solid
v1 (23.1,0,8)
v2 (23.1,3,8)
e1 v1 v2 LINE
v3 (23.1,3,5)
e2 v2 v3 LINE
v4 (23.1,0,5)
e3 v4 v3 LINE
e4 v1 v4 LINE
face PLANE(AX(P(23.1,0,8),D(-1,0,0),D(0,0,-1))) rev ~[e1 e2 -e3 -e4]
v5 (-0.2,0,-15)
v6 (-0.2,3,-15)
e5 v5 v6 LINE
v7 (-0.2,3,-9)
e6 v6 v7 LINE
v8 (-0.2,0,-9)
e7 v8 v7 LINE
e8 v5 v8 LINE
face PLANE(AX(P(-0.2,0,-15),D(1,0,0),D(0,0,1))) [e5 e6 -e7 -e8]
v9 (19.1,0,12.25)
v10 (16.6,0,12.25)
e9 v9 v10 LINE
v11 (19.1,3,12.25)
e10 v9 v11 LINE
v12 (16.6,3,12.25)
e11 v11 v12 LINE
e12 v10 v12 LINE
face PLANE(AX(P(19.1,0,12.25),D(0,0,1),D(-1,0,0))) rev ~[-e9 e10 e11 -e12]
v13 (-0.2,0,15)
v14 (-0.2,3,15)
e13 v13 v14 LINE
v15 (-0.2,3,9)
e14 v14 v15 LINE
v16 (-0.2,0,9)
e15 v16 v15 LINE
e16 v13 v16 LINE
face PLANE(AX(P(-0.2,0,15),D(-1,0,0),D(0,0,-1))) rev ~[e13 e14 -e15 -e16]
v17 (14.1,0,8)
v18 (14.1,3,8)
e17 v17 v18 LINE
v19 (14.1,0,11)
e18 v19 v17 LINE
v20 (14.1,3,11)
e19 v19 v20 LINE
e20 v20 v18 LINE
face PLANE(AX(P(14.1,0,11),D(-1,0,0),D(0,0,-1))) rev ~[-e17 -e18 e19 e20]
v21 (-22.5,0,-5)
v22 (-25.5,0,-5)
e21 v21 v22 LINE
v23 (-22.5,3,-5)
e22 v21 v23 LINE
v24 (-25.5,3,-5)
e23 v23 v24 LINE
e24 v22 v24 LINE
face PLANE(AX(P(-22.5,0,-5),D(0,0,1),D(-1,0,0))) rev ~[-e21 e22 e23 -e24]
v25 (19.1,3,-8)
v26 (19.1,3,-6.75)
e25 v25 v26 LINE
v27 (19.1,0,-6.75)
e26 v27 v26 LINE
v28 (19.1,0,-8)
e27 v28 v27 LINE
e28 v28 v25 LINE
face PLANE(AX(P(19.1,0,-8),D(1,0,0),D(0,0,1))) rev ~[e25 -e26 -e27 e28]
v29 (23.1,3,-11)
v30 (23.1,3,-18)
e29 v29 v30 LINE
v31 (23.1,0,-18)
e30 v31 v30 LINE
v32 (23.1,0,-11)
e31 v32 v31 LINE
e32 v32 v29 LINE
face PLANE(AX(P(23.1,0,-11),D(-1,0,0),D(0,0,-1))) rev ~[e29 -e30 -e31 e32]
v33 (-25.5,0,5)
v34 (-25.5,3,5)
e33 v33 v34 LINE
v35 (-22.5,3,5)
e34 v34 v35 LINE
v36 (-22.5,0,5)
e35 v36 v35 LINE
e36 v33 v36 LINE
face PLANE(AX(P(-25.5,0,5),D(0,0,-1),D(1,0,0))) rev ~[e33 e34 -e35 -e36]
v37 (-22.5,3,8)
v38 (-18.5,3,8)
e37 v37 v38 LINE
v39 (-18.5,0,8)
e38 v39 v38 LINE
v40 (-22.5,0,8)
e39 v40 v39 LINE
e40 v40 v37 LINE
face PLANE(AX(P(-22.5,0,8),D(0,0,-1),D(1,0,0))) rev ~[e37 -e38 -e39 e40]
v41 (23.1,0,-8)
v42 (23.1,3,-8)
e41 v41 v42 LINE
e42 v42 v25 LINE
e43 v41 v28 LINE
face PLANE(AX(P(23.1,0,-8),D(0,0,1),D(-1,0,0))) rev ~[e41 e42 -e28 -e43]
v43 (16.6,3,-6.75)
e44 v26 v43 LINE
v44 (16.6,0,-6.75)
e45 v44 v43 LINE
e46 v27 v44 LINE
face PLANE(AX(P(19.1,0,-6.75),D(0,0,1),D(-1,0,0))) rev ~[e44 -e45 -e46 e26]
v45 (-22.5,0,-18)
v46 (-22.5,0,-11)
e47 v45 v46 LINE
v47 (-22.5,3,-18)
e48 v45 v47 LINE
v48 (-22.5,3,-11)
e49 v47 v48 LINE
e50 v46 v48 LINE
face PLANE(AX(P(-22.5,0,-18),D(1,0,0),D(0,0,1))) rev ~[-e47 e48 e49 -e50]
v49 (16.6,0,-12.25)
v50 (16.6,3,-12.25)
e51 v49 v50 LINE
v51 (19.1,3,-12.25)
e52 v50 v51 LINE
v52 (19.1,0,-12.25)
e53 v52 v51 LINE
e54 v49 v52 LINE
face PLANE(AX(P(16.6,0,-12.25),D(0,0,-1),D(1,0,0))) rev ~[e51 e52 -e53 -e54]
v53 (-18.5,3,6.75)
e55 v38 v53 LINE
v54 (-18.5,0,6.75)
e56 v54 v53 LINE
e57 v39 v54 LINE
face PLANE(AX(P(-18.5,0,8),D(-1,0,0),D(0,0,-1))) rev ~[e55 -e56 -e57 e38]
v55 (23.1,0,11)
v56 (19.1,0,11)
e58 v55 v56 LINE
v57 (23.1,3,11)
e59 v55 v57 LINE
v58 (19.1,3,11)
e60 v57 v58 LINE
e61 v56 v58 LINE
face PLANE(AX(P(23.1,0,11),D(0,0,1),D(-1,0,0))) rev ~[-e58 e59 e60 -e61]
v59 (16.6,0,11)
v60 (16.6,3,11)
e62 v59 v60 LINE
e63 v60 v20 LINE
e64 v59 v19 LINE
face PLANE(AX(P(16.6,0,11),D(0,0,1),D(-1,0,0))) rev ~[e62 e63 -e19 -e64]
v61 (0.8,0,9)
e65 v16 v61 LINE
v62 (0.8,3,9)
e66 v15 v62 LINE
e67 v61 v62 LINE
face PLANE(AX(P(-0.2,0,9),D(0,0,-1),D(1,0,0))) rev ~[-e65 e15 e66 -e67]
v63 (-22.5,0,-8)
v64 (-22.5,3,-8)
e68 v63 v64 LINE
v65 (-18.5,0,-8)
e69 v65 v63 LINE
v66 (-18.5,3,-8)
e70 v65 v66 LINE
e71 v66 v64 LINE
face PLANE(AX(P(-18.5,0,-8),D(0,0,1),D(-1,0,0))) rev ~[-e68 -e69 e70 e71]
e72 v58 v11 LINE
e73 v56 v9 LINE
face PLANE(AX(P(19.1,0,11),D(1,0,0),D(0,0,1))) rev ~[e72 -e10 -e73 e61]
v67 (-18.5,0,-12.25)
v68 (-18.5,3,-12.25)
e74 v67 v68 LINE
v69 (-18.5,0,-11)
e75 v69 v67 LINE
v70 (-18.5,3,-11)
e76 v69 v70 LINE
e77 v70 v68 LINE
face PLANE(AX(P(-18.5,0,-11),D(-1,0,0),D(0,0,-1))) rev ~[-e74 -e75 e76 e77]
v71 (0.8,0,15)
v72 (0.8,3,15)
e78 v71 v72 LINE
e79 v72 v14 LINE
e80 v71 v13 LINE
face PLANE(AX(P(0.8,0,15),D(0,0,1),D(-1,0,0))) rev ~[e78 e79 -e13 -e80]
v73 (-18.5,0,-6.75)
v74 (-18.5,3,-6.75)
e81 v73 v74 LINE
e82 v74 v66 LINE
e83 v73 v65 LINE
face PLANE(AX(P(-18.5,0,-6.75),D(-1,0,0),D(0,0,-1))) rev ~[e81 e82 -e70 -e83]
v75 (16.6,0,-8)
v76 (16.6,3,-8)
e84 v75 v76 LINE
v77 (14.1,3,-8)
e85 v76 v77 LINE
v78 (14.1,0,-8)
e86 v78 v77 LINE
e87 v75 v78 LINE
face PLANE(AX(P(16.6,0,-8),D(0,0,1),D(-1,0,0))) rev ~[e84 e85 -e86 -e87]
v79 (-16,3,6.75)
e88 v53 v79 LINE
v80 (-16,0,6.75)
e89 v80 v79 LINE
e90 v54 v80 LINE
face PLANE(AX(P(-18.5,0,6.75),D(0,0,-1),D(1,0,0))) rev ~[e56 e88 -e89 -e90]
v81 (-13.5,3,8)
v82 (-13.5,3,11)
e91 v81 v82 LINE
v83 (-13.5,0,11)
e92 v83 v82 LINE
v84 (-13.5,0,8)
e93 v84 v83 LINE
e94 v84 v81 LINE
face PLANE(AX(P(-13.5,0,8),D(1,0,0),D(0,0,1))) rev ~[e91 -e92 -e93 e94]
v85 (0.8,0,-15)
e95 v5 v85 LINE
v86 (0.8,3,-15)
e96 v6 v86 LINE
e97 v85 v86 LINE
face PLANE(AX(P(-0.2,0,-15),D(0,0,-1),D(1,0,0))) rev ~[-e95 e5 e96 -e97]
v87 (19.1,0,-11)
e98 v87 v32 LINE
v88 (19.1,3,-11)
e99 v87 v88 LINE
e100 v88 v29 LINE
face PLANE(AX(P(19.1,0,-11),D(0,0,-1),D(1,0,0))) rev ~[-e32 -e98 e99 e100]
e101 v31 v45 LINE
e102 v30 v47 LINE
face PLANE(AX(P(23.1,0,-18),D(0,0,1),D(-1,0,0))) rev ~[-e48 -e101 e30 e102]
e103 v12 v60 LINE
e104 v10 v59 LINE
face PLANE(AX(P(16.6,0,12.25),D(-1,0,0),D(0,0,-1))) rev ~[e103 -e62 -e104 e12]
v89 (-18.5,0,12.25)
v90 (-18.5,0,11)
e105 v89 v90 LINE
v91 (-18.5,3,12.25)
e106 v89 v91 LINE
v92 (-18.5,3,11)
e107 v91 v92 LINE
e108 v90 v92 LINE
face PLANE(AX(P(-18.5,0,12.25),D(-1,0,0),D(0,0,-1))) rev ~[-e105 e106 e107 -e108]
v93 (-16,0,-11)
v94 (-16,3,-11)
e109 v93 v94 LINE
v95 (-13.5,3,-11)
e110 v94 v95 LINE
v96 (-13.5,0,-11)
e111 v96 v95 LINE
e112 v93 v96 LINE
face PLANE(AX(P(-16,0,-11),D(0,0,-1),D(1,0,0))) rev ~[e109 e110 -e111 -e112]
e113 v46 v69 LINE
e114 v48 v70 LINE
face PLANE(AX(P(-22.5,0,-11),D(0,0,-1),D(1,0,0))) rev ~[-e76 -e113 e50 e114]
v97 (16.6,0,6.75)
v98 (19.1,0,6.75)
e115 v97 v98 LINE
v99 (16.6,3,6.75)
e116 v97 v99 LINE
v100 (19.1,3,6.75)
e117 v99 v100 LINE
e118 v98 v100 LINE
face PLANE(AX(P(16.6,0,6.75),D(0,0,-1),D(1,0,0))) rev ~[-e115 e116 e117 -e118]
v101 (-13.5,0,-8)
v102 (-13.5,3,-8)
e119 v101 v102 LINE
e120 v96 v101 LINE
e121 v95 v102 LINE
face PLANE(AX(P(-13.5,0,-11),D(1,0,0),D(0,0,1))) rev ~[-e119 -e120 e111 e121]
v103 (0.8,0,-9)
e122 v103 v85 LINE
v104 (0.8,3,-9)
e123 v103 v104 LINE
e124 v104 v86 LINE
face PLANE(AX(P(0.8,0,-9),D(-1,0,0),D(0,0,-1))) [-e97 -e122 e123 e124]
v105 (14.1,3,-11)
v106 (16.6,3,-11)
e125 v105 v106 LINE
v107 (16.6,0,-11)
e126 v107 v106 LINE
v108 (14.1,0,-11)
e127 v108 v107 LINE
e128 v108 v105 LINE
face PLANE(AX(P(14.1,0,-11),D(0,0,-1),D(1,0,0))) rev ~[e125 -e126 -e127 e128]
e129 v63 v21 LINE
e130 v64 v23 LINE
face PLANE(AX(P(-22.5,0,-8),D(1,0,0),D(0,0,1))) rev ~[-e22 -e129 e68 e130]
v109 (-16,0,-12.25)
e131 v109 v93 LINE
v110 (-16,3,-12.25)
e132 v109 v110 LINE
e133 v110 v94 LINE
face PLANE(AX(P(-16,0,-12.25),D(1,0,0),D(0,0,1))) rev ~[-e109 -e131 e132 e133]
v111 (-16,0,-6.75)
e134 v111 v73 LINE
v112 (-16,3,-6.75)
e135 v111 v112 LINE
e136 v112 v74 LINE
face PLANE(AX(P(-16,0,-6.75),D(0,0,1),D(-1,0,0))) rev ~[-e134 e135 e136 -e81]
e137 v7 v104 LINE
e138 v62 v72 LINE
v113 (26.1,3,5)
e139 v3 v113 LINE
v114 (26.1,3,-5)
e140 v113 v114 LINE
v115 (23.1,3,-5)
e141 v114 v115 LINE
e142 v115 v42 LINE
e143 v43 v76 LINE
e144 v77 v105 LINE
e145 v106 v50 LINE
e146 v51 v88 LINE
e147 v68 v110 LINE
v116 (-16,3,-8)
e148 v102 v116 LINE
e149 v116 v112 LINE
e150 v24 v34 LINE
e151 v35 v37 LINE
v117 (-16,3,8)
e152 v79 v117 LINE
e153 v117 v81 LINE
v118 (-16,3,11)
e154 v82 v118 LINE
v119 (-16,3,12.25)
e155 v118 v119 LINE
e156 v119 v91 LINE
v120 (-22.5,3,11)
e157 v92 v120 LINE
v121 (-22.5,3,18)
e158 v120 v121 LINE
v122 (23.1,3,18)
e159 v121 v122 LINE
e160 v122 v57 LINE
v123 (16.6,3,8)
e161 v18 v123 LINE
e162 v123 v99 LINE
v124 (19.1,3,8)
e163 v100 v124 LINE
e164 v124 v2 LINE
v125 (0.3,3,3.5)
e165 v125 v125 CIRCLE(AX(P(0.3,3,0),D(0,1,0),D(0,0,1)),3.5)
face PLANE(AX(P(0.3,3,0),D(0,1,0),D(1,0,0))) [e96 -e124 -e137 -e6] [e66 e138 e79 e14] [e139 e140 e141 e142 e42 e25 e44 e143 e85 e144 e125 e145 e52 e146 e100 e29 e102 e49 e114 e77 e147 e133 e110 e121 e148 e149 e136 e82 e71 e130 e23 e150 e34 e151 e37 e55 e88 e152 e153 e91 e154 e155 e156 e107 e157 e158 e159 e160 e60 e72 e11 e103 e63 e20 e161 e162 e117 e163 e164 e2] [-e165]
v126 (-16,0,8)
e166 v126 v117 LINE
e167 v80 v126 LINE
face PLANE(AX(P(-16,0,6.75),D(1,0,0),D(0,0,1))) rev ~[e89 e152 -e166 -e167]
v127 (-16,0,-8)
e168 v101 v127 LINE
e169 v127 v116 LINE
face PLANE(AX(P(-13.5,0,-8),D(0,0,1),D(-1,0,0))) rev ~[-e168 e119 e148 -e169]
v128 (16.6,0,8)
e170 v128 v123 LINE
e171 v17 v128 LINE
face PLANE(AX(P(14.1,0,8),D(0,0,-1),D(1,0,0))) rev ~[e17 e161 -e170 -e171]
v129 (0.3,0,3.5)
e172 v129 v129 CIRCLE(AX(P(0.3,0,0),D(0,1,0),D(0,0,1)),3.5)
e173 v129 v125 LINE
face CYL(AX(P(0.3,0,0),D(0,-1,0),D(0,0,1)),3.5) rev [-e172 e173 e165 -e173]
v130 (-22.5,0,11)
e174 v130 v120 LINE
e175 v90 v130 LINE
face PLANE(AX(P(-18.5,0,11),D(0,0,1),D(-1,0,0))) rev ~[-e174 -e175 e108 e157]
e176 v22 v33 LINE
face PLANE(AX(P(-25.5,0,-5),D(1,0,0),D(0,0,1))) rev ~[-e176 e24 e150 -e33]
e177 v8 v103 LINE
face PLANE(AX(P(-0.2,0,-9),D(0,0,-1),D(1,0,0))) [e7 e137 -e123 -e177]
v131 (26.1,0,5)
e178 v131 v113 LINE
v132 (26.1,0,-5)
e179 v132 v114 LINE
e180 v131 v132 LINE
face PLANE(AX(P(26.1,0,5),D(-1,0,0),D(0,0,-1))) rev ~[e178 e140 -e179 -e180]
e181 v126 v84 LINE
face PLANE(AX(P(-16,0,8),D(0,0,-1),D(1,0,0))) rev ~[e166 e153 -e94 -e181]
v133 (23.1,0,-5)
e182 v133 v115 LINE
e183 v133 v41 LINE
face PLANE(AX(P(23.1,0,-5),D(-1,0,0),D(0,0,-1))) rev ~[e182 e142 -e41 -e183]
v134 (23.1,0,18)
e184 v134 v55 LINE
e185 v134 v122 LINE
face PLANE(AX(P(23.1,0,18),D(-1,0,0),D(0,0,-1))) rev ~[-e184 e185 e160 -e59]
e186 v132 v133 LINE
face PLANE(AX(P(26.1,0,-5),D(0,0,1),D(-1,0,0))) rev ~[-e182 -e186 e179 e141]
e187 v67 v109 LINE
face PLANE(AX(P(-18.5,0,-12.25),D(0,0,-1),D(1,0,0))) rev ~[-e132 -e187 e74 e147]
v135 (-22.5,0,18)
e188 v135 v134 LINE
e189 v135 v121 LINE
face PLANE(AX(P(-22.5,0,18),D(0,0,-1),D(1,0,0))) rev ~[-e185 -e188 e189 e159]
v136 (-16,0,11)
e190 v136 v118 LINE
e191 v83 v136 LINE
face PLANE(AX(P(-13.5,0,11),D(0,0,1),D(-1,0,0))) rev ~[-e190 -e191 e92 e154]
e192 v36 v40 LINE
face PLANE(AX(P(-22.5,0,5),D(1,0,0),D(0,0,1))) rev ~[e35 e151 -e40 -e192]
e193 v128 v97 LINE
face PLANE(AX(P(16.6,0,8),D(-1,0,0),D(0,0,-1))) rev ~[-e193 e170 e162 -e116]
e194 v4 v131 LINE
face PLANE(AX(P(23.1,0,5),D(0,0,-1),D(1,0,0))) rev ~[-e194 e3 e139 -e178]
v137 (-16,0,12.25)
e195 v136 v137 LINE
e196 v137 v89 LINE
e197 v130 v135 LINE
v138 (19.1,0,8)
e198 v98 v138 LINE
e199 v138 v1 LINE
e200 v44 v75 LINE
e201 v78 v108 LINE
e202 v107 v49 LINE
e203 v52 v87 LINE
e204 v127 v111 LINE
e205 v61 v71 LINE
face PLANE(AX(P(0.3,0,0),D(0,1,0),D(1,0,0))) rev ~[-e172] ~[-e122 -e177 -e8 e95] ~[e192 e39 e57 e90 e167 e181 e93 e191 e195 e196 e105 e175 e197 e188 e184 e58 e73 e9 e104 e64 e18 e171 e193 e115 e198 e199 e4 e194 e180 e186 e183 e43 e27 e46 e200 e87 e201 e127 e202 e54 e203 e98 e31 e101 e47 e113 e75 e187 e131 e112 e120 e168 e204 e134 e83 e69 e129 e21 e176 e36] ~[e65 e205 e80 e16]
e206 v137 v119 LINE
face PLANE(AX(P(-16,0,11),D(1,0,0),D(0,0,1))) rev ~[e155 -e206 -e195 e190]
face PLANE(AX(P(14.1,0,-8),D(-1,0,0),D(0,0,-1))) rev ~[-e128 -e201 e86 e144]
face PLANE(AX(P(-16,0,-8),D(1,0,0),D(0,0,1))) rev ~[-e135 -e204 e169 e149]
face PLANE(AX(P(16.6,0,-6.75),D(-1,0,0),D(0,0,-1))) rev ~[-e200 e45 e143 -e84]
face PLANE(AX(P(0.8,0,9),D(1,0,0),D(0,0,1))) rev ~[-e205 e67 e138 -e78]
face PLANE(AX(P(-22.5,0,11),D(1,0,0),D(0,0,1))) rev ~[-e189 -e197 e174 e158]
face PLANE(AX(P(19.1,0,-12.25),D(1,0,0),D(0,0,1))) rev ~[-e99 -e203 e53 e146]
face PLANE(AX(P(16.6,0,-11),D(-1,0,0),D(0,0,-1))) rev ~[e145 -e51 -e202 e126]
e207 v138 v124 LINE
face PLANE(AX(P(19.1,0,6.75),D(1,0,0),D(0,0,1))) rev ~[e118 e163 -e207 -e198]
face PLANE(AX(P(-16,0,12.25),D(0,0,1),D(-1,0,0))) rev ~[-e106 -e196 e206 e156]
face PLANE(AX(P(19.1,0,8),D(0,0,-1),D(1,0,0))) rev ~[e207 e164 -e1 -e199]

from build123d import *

# Parameters (mm, degrees)
ESBO_O4_R                = 3.5
RESSALTO_EXTRUS_O1_DEPTH = 3


with BuildPart() as part:
    # Esboço4 → Ressalto-extrusão1 (new body)
    with BuildSketch(Plane(origin=(0, 0, 0), x_dir=(1, 0, 0), z_dir=(0, 1, 0))):
        Polygon((19.1, 6.75), (16.6, 6.75), (16.6, 8), (14.1, 8), (14.1, 11), (16.6, 11), (16.6, 12.25), (19.1, 12.25), (19.1, 11), (23.1, 11), (23.1, 18), (-0.5, 18), (-22.5, 18), (-22.5, 11), (-18.5, 11), (-18.5, 12.25), (-16, 12.25), (-16, 11), (-13.5, 11), (-13.5, 8), (-16, 8), (-16, 6.75), (-18.5, 6.75), (-18.5, 8), (-22.5, 8), (-22.5, 5), (-25.5, 5), (-25.5, -5), (-22.5, -5), (-22.5, -8), (-18.5, -8), (-18.5, -6.75), (-16, -6.75), (-16, -8), (-13.5, -8), (-13.5, -11), (-16, -11), (-16, -12.25), (-18.5, -12.25), (-18.5, -11), (-22.5, -11), (-22.5, -18), (-0.5, -18), (23.1, -18), (23.1, -11), (19.1, -11), (19.1, -12.25), (16.6, -12.25), (16.6, -11), (14.1, -11), (14.1, -8), (16.6, -8), (16.6, -6.75), (19.1, -6.75), (19.1, -8), (23.1, -8), (23.1, -5), (26.1, -5), (26.1, 5), (23.1, 5), (23.1, 8), (19.1, 8), align=None)
        with Locations(Location((0.3, 0, 0), (0, 0, 270))):
            Circle(ESBO_O4_R, mode=Mode.SUBTRACT)
        Polygon((0.3, -15), (-0.2, -15), (-0.2, -9), (0.8, -9), (0.8, -15), align=None, mode=Mode.SUBTRACT)
        Polygon((0.8, 15), (0.3, 15), (-0.2, 15), (-0.2, 9), (0.8, 9), align=None, mode=Mode.SUBTRACT)
    extrude(amount=RESSALTO_EXTRUS_O1_DEPTH)


solid = part.part
